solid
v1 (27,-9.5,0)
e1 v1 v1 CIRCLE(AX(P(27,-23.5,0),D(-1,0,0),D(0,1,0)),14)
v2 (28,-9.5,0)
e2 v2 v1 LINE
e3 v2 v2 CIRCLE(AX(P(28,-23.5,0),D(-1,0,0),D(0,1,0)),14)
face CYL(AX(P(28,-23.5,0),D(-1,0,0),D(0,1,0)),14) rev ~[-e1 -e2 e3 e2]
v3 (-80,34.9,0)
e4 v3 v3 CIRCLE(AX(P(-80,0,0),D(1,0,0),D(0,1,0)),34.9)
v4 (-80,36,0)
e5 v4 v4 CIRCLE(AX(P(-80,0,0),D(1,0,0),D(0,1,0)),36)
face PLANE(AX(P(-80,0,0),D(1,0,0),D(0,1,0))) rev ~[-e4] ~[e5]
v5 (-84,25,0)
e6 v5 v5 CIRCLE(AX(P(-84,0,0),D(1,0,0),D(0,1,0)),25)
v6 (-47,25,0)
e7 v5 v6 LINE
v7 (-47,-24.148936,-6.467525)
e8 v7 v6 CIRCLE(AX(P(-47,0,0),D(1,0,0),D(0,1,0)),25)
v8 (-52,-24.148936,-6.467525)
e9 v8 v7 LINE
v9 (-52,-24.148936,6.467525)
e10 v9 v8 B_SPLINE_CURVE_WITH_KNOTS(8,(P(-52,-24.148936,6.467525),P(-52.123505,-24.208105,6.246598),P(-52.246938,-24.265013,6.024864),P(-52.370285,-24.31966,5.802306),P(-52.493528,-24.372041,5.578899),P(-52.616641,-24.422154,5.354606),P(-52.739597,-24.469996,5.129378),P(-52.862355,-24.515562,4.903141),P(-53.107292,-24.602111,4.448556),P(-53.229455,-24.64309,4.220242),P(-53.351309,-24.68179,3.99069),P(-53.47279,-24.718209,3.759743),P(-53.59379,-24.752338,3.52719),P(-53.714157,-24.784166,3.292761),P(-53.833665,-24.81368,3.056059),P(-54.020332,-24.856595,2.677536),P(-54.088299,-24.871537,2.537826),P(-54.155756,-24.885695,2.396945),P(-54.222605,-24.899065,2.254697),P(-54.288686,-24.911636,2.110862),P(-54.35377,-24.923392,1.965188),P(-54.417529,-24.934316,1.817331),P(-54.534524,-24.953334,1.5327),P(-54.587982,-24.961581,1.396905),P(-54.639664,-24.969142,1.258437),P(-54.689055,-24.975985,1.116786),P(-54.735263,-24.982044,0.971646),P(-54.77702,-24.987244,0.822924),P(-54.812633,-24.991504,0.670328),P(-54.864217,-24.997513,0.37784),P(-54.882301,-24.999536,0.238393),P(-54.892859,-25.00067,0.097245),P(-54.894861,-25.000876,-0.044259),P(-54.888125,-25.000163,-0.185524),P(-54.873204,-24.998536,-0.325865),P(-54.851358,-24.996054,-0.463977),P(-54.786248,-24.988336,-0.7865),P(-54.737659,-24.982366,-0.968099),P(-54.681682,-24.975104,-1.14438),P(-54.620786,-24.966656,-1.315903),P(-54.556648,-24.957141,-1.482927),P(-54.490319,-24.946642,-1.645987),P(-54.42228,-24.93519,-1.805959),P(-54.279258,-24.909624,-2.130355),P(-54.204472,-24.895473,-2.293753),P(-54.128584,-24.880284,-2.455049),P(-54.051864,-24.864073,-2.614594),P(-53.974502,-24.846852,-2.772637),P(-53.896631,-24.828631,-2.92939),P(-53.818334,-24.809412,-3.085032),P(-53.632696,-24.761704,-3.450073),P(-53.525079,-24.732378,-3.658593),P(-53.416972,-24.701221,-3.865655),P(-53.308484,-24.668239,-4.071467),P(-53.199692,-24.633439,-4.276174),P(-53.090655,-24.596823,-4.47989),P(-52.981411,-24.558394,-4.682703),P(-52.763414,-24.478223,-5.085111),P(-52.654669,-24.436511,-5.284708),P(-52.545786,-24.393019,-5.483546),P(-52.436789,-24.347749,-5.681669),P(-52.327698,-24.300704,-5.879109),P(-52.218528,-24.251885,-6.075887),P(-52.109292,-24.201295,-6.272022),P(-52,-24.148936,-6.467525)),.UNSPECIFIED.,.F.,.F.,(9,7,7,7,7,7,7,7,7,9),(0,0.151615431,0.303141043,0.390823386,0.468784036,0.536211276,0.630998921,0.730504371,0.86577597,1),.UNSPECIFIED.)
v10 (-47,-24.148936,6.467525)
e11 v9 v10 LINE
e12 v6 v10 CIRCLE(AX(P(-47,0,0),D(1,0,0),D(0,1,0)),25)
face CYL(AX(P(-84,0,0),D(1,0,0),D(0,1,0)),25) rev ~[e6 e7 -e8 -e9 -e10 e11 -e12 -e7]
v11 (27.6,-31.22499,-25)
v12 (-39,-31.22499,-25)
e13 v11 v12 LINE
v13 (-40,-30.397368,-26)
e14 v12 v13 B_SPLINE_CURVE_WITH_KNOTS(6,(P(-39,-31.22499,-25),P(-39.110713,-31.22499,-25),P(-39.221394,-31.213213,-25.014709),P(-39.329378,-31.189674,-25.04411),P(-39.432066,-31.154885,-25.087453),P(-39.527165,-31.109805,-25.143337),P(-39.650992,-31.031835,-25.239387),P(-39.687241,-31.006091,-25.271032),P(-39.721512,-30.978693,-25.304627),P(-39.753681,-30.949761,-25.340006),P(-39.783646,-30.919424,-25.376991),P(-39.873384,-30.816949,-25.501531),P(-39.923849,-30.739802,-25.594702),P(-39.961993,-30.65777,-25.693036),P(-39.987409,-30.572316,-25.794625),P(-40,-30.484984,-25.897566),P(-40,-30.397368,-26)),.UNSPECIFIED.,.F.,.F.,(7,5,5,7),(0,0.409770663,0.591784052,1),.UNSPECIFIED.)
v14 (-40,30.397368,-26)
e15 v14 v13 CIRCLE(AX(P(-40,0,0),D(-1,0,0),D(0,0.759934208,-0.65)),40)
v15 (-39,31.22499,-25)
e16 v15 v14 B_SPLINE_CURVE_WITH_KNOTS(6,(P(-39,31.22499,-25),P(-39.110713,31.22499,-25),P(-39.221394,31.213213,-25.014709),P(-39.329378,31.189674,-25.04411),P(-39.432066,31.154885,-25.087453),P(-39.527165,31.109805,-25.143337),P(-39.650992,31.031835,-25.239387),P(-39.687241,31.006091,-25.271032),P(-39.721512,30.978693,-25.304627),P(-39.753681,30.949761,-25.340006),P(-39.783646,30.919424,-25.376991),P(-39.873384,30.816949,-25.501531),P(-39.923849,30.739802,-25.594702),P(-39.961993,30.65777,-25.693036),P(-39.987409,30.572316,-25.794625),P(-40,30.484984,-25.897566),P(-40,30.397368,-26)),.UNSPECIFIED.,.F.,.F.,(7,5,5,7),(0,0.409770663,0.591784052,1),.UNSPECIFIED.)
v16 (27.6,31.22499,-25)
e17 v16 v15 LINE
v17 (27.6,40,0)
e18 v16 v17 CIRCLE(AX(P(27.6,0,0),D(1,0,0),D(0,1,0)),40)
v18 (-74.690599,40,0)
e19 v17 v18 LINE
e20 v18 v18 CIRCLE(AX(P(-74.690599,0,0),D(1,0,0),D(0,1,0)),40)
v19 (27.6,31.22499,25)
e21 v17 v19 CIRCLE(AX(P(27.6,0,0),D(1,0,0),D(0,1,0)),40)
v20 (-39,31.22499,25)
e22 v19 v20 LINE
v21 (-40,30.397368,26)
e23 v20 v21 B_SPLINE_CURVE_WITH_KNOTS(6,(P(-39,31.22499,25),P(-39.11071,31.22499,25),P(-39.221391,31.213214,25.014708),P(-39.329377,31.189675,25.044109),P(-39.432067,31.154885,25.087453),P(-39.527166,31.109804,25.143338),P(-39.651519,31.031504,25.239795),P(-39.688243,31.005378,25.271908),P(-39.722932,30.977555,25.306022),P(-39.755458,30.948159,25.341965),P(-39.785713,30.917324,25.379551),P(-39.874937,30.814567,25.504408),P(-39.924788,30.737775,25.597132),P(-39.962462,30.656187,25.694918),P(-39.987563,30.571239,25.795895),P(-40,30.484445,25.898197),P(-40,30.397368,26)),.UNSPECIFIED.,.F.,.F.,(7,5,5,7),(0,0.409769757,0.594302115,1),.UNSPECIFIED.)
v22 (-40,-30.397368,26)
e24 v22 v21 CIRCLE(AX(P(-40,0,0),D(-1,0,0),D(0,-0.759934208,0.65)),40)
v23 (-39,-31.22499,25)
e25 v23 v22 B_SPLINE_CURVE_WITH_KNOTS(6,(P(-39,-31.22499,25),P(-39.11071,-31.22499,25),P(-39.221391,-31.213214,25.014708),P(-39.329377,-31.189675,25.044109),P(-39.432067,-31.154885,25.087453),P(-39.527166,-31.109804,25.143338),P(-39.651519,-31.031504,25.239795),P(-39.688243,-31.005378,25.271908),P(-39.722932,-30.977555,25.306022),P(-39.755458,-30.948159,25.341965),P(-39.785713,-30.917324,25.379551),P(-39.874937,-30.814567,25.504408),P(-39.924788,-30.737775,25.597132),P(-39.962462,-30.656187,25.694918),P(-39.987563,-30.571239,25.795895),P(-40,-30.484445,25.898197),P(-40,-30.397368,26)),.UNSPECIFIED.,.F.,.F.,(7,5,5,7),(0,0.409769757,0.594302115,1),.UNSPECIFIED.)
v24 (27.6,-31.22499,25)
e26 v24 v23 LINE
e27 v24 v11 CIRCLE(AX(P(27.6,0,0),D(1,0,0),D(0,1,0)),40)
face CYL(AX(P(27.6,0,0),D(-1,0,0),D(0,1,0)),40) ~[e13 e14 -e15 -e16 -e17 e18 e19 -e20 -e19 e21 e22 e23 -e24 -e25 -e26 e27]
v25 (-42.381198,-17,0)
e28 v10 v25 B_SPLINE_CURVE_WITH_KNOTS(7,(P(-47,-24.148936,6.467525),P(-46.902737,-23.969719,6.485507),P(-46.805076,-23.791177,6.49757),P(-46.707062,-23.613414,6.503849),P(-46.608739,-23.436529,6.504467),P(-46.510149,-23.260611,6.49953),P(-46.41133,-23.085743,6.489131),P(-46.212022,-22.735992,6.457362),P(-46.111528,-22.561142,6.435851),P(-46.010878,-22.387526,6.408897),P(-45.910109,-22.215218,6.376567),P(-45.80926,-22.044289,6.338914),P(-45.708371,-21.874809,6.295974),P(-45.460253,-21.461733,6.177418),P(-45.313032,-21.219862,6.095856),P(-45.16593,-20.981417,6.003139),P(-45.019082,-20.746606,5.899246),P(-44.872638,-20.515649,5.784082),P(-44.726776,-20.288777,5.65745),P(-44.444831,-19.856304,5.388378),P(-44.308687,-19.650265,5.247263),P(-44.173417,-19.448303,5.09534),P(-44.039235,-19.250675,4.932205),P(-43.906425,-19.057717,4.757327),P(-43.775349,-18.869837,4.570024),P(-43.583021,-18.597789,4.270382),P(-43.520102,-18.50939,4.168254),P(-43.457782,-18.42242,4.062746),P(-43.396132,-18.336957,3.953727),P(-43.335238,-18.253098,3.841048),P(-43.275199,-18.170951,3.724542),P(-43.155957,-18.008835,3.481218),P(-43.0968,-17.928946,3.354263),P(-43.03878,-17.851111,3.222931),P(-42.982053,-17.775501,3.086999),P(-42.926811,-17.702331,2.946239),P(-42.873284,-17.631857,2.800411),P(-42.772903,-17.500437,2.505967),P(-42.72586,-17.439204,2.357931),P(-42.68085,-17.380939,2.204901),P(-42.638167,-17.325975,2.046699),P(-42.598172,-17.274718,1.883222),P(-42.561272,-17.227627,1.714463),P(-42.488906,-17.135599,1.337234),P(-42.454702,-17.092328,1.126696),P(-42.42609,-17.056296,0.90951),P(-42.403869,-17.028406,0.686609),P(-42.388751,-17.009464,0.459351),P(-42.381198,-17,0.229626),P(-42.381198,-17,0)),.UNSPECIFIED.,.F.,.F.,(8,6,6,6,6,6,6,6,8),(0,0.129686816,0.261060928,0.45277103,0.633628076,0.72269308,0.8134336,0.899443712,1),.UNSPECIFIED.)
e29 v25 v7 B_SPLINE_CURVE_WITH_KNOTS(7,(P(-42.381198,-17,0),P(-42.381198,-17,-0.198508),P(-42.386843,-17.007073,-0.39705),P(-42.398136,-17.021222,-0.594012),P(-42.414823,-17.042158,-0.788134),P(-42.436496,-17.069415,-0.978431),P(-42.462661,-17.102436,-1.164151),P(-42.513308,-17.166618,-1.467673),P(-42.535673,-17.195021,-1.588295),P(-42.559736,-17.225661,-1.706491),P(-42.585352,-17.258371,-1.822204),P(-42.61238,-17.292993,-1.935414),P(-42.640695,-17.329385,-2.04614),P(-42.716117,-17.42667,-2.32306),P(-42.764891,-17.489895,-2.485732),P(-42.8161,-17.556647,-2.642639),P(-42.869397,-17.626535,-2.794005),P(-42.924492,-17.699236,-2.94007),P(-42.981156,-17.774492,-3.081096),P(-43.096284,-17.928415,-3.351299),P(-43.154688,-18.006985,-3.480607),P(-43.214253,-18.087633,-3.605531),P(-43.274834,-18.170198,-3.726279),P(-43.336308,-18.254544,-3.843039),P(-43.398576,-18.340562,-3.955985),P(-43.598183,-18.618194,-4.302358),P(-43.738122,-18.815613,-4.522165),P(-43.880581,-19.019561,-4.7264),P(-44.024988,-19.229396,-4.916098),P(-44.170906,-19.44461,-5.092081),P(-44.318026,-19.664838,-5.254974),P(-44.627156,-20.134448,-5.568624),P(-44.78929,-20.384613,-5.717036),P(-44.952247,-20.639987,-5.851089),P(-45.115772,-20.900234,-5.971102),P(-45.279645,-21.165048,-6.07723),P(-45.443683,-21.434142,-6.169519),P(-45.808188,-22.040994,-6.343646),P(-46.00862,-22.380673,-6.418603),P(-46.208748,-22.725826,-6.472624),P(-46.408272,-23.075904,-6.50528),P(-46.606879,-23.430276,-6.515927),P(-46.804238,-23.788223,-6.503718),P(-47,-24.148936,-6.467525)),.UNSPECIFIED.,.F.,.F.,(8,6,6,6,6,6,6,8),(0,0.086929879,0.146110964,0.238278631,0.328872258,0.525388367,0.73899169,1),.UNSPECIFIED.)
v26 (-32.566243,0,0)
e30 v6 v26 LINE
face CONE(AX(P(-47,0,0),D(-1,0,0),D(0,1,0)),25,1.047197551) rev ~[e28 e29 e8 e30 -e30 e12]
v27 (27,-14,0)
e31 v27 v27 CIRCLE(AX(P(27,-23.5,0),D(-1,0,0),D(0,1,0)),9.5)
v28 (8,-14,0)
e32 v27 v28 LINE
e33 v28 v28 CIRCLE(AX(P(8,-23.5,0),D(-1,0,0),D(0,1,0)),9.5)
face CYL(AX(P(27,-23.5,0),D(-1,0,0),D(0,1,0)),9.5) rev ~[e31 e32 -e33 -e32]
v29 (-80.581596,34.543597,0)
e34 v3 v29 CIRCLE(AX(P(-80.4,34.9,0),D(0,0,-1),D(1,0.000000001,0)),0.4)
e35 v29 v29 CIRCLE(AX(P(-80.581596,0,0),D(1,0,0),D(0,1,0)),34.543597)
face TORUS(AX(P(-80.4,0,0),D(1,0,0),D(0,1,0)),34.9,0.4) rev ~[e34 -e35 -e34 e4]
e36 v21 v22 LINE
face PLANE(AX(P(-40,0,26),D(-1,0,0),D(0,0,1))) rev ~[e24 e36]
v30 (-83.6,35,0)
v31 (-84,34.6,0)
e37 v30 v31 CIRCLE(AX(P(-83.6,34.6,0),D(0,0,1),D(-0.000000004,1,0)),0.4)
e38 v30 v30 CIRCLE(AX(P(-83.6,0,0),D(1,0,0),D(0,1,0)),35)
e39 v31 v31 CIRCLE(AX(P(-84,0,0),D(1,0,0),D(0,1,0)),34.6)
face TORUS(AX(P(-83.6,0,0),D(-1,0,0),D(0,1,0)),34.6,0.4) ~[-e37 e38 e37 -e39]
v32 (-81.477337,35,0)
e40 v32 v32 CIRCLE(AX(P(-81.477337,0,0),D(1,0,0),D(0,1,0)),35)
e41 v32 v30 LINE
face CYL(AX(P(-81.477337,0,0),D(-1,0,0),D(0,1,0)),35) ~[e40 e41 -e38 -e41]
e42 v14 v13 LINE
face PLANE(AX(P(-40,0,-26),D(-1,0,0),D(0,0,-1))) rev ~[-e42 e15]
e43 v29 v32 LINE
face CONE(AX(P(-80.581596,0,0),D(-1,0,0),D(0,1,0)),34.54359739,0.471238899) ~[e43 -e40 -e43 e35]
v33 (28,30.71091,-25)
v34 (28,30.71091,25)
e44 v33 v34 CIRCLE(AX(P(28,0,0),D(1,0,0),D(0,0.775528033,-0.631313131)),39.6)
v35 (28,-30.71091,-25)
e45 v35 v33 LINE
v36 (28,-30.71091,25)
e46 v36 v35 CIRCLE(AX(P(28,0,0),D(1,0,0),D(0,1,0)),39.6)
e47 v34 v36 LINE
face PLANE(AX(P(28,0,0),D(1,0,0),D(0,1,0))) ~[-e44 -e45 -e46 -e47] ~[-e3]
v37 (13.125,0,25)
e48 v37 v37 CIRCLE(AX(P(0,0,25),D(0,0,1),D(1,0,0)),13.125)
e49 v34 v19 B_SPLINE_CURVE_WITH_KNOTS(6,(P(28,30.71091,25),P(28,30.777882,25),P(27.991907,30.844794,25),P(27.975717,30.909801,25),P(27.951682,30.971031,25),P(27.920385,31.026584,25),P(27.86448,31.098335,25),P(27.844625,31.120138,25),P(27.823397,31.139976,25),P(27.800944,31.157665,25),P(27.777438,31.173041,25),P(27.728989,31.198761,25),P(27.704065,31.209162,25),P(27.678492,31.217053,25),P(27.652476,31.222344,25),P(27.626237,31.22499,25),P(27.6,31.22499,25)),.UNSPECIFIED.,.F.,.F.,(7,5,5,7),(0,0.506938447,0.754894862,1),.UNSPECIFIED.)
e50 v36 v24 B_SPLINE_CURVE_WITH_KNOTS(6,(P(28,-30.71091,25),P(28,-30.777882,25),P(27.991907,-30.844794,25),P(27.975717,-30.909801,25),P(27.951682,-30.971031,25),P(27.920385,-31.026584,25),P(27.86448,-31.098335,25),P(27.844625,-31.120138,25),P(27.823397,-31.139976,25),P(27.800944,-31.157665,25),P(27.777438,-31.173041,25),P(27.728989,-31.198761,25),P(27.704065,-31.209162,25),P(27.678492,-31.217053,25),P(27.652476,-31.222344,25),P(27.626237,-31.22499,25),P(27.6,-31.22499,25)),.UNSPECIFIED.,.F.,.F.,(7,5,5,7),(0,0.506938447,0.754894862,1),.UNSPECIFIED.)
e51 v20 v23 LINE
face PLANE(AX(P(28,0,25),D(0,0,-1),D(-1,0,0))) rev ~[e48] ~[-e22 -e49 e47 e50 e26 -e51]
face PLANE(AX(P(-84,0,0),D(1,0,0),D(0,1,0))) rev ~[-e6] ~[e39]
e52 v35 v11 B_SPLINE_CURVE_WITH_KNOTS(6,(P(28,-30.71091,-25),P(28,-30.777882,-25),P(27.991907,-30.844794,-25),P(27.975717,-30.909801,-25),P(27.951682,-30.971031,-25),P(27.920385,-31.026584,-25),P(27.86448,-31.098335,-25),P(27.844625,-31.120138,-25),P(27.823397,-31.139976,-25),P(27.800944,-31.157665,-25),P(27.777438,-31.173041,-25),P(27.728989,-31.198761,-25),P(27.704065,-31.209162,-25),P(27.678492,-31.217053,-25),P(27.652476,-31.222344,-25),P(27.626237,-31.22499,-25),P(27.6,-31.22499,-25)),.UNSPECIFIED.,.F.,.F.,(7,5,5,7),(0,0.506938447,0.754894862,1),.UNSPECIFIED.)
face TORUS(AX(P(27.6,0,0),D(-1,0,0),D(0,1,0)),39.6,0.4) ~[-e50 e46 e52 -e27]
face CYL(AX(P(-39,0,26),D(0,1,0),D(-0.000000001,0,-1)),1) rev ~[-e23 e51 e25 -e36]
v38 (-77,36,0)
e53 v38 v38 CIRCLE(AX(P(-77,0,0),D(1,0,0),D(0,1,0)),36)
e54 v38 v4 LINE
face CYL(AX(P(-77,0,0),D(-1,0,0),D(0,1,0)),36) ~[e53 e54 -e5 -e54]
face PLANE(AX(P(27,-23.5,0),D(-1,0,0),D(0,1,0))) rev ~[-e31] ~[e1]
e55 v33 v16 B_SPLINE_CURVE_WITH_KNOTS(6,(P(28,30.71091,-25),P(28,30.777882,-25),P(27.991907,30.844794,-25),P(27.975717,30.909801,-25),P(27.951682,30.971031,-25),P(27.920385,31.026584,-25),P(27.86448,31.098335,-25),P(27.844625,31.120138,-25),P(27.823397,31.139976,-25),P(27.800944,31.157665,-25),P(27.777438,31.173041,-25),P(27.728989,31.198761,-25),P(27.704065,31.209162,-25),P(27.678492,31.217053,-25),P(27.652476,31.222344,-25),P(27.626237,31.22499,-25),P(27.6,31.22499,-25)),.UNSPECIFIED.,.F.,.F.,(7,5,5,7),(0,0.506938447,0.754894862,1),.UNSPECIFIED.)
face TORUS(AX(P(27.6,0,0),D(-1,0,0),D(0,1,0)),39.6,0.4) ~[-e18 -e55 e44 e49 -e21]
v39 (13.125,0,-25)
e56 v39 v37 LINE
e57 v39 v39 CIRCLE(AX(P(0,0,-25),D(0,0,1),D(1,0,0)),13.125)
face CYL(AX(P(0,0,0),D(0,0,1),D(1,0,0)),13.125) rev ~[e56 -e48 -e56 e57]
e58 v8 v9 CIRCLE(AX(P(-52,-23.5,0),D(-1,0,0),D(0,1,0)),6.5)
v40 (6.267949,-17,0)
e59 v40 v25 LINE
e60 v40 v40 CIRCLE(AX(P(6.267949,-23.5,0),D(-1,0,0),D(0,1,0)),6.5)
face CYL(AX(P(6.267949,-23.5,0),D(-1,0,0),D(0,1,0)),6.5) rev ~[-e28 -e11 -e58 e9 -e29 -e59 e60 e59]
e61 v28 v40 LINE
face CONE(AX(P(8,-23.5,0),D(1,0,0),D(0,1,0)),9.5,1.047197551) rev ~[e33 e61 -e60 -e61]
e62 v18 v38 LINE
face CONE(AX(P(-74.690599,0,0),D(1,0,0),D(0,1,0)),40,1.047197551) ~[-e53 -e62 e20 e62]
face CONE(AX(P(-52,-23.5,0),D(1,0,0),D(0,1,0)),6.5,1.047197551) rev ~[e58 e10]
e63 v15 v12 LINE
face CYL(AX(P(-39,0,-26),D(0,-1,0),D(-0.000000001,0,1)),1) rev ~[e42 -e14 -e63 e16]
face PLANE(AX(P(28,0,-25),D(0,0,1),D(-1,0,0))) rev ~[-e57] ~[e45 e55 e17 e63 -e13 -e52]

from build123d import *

# Parameters (mm, degrees)
SKETCH2_R            = 13.125
F_26_25_MM_HUL_DEPTH = 50
CUT_EXTRUDE1_DEPTH   = 50


with BuildPart() as part:
    # Sketch1 → Base-Revolve (revolve)
    with BuildSketch(Plane.XY):
        with BuildLine():
            Line((28, 0), (28, 39.6))
            ThreePointArc((28, 39.6), (27.882842712, 39.882842712), (27.6, 40))
            Line((27.6, 40), (-74.690598923, 40))
            Line((-74.690598923, 40), (-77, 36))
            Line((-77, 36), (-80, 36))
            Line((-80, 36), (-80, 34.9))
            ThreePointArc((-80, 34.9), (-80.191000574, 34.558943934), (-80.5815962, 34.54359739))
            Line((-80.5815962, 34.54359739), (-81.477336756, 35))
            Line((-81.477336756, 35), (-83.6, 35))
            ThreePointArc((-83.6, 35), (-83.882842712, 34.882842712), (-84, 34.6))
            Line((-84, 34.6), (-84, 25))
            Line((-84, 25), (-47, 25))
            Line((-47, 25), (-32.56624327, 0))
            Line((-32.56624327, 0), (28, 0))
        make_face()
    revolve(axis=Axis((-90.573458716, 0, 0), (1, 0, 0)))

    # Sketch2 → ø26.25 mm hul (cut, symmetric)
    with BuildSketch(Plane.XY):
        Circle(SKETCH2_R)
    extrude(amount=F_26_25_MM_HUL_DEPTH, both=True, mode=Mode.SUBTRACT)

    # Sketch3 → Cut-Extrude1 (cut, symmetric)
    with BuildSketch(Plane(origin=(0, 0, 0), x_dir=(1, 0, 0), z_dir=(0, 1, 0))):
        with BuildLine():
            Line((28, 25), (-39, 25))
            ThreePointArc((-39, 25), (-39.707106781, 25.292893219), (-40, 26))
            Line((-40, 26), (-40, 40))
            Line((-40, 40), (28, 40))
            Line((28, 40), (28, 25))
        make_face()
        with BuildLine():
            Line((-40, -26), (-40, -40))
            Line((-40, -40), (28, -40))
            Line((28, -40), (28, -25))
            Line((28, -25), (-39, -25))
            ThreePointArc((-39, -25), (-39.707106781, -25.292893219), (-40, -26))
        make_face()
    extrude(amount=CUT_EXTRUDE1_DEPTH, both=True, mode=Mode.SUBTRACT)

    # Sketch4 → Cut-Revolve1 (revolve, cut)
    with BuildSketch(Plane.XY):
        Polygon((28, -9.5), (27, -9.5), (27, -14), (8, -14), (6.267949192, -17), (-52, -17), (-55.75277675, -23.5), (28, -23.5), align=None)
    revolve(axis=Axis((28, -23.5, 0), (-1, 0, 0)), mode=Mode.SUBTRACT)


solid = part.part
